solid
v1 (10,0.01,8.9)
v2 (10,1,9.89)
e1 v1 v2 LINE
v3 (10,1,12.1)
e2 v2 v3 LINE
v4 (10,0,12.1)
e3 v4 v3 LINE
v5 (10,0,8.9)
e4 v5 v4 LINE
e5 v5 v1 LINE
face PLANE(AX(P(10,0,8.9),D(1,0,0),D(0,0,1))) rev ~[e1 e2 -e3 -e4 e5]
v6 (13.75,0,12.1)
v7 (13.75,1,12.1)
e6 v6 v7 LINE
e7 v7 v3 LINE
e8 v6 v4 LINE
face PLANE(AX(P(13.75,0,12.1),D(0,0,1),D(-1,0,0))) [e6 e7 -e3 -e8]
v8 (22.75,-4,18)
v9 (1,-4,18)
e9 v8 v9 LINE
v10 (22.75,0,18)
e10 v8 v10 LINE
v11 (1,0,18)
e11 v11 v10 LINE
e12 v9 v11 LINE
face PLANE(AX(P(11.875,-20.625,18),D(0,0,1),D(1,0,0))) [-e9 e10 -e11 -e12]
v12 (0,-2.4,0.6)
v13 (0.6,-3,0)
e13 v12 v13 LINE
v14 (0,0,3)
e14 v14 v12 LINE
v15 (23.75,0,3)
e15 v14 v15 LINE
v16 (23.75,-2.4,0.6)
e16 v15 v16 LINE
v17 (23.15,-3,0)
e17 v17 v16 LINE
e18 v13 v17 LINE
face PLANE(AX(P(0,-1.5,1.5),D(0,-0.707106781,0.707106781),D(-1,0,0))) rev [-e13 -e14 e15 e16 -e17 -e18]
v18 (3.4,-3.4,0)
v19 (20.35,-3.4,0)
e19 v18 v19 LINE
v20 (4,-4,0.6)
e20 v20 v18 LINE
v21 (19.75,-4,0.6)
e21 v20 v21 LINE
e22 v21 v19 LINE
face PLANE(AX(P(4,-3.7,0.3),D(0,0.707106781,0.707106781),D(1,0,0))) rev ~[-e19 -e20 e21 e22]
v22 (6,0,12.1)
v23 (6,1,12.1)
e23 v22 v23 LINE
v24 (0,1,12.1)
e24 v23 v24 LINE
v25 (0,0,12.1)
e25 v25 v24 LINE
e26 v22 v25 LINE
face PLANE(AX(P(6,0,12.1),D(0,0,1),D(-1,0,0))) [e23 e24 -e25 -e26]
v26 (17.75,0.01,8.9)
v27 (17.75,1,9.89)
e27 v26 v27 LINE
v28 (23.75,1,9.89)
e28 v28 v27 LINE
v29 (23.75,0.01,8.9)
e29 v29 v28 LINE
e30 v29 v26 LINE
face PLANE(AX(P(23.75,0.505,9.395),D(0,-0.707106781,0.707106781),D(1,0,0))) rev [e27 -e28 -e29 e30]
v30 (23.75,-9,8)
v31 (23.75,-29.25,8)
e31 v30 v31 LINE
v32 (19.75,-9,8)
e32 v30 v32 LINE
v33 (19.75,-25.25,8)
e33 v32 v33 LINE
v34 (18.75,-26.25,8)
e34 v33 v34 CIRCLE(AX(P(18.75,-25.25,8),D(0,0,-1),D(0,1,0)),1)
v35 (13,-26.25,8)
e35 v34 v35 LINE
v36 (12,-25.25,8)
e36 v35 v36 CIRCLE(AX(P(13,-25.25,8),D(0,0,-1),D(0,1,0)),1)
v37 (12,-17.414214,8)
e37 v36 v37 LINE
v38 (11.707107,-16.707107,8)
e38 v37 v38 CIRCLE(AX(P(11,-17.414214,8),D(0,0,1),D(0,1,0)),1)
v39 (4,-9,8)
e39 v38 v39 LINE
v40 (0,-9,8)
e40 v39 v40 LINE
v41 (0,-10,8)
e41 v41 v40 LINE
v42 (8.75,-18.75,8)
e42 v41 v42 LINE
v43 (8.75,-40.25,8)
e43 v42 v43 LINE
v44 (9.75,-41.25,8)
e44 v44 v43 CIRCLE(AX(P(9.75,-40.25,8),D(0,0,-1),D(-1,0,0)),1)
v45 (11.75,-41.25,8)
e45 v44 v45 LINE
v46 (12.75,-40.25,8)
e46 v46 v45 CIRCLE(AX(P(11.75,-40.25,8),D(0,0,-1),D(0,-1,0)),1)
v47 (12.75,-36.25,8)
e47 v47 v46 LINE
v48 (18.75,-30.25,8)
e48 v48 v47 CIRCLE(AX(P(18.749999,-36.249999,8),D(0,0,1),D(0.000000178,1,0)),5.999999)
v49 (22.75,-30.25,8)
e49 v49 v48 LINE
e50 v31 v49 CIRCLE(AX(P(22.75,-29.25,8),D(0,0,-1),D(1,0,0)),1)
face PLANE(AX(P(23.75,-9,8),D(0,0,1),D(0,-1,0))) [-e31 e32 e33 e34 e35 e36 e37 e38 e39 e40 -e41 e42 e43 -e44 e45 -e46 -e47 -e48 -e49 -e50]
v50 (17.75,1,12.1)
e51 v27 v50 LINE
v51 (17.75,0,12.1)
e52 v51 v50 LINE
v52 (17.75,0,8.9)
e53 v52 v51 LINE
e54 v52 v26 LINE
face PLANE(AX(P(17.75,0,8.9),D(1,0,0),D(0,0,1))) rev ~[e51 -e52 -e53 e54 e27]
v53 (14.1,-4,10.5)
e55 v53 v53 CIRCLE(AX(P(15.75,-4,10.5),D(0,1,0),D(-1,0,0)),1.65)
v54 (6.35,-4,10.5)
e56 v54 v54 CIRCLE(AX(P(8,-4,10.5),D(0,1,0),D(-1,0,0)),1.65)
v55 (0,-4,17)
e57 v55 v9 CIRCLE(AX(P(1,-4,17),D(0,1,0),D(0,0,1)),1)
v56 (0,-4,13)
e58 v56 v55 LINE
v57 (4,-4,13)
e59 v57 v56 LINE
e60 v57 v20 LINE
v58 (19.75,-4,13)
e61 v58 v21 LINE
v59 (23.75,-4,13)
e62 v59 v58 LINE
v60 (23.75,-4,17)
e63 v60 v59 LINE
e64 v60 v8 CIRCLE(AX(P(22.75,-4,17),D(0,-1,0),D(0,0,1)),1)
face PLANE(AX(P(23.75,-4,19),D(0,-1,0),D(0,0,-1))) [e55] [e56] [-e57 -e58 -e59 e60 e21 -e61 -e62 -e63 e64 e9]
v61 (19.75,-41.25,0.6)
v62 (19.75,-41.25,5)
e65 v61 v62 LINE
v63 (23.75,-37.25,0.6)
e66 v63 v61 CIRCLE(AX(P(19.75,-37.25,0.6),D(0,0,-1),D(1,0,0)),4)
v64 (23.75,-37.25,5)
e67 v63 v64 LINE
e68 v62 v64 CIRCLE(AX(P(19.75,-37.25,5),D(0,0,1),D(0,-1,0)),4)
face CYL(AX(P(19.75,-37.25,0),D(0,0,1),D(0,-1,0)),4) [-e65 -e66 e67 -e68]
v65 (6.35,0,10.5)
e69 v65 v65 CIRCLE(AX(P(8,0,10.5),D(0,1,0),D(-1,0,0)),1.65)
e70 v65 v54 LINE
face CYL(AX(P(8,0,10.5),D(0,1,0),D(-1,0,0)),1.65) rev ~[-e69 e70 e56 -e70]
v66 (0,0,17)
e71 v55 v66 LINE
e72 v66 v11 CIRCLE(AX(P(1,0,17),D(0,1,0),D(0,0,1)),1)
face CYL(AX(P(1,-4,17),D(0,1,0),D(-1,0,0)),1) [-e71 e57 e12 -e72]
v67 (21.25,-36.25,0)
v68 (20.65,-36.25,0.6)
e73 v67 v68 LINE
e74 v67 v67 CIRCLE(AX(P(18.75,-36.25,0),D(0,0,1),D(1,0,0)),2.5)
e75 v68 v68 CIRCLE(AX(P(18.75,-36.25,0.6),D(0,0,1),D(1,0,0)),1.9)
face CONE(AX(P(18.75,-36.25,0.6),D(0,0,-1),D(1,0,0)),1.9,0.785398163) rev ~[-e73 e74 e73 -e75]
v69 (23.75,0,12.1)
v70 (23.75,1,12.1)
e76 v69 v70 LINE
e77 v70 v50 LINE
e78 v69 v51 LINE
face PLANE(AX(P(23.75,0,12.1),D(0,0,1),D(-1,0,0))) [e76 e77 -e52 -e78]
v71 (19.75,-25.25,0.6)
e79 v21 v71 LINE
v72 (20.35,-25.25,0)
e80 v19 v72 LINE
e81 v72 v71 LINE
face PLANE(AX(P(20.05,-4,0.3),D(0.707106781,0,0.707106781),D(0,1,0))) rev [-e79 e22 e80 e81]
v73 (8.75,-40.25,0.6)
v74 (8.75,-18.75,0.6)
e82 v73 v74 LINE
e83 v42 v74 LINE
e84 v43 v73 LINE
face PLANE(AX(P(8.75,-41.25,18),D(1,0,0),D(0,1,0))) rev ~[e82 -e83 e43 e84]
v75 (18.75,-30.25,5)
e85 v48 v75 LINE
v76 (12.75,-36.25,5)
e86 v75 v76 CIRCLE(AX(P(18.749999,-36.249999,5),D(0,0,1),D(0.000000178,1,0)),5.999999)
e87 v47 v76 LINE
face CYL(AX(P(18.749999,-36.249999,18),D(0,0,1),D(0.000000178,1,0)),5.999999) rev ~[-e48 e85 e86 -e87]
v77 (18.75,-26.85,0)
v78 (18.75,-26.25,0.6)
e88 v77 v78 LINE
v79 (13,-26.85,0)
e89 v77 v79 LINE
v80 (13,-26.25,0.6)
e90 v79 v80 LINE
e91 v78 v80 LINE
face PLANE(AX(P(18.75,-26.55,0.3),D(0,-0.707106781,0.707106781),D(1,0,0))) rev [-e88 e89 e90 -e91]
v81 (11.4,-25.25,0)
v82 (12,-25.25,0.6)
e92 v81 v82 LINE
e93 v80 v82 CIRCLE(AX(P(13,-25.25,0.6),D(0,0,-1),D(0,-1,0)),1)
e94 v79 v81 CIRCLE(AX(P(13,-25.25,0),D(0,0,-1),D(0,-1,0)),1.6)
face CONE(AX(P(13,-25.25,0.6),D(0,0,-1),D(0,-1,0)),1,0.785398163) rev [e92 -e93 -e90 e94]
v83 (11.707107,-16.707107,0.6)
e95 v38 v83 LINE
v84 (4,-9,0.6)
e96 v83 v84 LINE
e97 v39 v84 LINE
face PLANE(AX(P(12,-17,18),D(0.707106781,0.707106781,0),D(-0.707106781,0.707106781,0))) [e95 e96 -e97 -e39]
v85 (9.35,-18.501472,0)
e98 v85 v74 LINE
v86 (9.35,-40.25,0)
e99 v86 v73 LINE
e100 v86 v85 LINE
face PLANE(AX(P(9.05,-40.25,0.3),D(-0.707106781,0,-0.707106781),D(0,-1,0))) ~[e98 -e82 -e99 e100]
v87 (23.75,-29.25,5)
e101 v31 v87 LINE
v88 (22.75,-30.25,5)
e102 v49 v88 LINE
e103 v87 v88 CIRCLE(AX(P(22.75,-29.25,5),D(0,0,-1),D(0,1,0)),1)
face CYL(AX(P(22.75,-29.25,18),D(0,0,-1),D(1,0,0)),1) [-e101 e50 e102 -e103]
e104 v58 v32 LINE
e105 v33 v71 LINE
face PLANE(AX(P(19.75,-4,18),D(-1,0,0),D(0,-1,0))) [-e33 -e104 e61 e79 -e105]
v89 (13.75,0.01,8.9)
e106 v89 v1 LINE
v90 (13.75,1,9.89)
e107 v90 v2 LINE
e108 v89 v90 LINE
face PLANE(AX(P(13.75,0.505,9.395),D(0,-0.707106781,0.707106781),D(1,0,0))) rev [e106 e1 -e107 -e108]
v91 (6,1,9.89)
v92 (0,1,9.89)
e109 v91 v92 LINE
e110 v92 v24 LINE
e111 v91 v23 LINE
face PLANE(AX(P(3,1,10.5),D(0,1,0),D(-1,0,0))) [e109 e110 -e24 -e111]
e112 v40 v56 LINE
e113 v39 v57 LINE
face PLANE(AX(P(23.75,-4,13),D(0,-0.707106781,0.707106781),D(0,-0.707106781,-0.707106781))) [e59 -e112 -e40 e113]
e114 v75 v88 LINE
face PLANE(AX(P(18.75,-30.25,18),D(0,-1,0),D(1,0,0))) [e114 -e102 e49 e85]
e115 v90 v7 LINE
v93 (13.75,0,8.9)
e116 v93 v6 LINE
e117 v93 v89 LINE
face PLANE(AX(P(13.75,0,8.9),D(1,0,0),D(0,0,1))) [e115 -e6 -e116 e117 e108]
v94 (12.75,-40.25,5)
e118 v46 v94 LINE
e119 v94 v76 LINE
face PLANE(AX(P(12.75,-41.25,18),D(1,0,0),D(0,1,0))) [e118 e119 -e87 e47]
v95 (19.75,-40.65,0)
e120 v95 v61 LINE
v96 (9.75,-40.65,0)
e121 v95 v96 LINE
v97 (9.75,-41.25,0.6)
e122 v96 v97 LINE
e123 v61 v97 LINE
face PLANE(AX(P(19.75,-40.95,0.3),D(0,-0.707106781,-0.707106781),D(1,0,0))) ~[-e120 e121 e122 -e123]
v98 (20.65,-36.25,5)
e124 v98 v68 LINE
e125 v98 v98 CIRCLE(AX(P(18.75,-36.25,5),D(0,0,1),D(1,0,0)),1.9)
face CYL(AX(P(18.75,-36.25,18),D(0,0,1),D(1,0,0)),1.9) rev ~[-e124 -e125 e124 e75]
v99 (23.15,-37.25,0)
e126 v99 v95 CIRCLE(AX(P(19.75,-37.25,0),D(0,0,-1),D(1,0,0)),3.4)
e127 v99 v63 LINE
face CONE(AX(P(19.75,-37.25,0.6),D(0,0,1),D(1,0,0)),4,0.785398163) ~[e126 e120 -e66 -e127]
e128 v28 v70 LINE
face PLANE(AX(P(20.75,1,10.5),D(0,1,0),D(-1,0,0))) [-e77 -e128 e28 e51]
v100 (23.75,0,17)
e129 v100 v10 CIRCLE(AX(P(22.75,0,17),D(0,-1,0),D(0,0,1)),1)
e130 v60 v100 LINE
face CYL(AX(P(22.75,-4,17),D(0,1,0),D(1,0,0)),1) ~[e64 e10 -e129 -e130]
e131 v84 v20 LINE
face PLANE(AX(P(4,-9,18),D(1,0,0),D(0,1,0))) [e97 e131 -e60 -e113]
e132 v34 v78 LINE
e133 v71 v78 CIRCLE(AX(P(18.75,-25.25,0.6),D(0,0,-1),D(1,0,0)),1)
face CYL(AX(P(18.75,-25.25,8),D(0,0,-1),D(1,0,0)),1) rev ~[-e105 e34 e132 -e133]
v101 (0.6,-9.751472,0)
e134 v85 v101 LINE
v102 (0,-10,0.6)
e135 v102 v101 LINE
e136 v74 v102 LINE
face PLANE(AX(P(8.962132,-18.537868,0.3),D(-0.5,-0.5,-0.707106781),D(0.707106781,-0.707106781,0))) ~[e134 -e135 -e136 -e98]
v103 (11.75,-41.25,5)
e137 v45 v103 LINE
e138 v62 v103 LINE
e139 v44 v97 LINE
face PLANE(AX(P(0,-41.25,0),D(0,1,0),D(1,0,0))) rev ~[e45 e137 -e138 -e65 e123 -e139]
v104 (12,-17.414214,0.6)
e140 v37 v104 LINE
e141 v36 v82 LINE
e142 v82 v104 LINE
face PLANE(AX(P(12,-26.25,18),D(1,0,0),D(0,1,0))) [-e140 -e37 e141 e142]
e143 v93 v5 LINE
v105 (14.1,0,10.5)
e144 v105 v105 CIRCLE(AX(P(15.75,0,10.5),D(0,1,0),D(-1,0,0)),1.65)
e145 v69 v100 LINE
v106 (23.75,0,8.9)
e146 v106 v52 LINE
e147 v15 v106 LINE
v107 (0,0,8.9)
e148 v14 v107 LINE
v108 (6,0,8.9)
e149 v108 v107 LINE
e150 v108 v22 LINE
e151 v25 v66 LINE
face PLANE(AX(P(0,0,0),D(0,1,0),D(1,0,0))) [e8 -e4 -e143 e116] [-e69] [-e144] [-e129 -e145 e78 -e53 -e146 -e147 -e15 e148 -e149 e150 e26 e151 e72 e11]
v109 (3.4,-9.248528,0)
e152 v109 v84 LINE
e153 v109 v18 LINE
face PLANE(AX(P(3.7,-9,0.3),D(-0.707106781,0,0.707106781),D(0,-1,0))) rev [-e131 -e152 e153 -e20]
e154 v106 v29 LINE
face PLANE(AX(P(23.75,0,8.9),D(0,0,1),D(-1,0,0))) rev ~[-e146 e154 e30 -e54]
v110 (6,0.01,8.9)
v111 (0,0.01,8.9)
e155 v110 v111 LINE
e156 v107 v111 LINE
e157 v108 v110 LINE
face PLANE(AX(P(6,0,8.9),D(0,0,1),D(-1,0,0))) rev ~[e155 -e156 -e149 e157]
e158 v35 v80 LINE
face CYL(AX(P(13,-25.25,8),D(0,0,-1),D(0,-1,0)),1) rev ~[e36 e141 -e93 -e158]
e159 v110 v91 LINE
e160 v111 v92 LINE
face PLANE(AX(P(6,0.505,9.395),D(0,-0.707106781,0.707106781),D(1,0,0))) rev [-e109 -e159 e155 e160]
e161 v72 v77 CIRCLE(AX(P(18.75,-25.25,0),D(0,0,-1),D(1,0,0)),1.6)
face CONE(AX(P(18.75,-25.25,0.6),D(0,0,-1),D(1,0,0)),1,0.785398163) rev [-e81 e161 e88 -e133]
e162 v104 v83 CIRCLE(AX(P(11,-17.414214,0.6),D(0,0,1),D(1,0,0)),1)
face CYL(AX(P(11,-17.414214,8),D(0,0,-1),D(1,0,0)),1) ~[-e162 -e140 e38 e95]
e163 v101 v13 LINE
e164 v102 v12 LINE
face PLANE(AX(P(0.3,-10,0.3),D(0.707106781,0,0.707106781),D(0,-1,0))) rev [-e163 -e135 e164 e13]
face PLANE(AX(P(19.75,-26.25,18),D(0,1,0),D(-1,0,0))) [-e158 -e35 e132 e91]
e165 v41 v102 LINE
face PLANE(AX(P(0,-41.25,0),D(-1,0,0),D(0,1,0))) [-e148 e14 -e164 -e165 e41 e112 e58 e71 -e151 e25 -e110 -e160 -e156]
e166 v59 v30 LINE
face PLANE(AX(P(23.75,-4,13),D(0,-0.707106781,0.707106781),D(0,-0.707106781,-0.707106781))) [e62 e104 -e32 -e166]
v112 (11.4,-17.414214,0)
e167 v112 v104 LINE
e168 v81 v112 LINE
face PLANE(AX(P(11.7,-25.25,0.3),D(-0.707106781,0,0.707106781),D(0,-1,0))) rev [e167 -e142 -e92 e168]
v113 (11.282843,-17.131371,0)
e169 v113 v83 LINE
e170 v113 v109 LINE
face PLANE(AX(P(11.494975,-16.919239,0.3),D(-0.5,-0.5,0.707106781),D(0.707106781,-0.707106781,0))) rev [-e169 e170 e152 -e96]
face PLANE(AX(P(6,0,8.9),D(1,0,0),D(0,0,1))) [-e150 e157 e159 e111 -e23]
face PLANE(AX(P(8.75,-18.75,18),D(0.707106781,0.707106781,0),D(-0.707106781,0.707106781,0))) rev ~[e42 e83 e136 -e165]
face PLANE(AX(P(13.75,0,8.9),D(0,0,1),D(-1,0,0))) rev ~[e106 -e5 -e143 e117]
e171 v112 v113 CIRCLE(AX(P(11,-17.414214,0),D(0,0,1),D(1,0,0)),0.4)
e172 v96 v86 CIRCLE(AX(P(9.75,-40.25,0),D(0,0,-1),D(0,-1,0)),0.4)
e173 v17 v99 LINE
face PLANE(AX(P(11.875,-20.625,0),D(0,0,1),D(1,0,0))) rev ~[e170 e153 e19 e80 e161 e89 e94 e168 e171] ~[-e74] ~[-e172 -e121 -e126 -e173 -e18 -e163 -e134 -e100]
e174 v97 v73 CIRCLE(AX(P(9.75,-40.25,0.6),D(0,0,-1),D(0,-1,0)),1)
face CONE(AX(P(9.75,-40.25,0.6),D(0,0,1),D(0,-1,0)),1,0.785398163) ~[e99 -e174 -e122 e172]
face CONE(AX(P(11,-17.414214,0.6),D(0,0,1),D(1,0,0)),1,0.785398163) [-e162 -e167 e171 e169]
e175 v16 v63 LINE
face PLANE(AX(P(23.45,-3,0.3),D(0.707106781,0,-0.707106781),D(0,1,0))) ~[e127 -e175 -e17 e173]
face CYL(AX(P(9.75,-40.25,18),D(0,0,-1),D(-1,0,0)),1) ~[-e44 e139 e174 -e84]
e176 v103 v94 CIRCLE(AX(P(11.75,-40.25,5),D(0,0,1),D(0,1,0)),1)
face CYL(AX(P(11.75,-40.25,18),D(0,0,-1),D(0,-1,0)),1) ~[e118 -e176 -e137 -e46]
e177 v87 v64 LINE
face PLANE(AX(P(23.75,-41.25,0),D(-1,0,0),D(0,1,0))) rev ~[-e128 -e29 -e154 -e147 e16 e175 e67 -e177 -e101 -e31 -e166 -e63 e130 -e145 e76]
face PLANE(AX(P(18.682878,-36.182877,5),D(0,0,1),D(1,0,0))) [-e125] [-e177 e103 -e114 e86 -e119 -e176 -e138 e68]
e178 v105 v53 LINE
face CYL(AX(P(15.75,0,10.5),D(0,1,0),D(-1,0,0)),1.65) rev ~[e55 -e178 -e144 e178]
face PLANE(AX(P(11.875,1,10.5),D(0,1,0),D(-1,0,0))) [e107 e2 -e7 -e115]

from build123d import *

# Parameters (mm, degrees)
SKETCH010_W                                = 23.75
SKETCH010_H                                = 41.25
PAD003_DEPTH                               = 18
CHAMFER004013007011015006009007001028_SIZE = 3
SKETCH011_R                                = 1.9
POCKET007_DEPTH                            = 18.001
POCKET008_DEPTH                            = 13
FILLET_R                                   = 4
POCKET009_DEPTH                            = 18.001
FILLET001_R                                = 1
POCKET010_DEPTH                            = 23.751
FILLET002_R                                = 1
POCKET011_DEPTH                            = 18.001
FILLET003_R                                = 1
SKETCH016_R                                = 1.65
POCKET012_DEPTH                            = 41.251
SKETCH017_W                                = 6
SKETCH017_H                                = 3.2
SKETCH017_W_2                              = 3.75
PAD004_DEPTH                               = 1
CHAMFER004013007011015006009007001029_SIZE = 0.99
CHAMFER004013007011015006009007001030_SIZE = 0.6
CHAMFER004013007011015006009007001031_SIZE = 0.6


with BuildPart() as part:
    # Sketch010 → Pad003 (new body)
    with BuildSketch(Plane.XY):
        with Locations((11.875, -20.625)):
            Rectangle(SKETCH010_W, SKETCH010_H)
    extrude(amount=PAD003_DEPTH)

    # Chamfer004013007011015006009007001028
    chamfer004013007011015006009007001028_edges = [part.edges().sort_by_distance(p)[0] for p in [
        (11.875, 0, 0),
    ]]
    chamfer(chamfer004013007011015006009007001028_edges, length=CHAMFER004013007011015006009007001028_SIZE)

    # Sketch011 (on Face4 of Chamfer004013007011015006009007001028) → Pocket007 (cut, through all)
    with BuildSketch(Plane.XY.offset(18)):
        with Locations((18.75, -36.25)):
            Circle(SKETCH011_R)
    extrude(amount=-POCKET007_DEPTH, mode=Mode.SUBTRACT)

    # Sketch012 (on Face4 of Pocket007) → Pocket008 (cut)
    with BuildSketch(Plane.XY.offset(18)):
        with BuildLine():
            ThreePointArc((18.75, -30.25), (14.507359, -32.007359), (12.75, -36.25))
            Line((12.75, -41.25), (12.75, -36.25))
            Line((23.75, -41.25), (12.75, -41.25))
            Line((23.75, -30.25), (23.75, -41.25))
            Line((18.75, -30.25), (23.75, -30.25))
        make_face()
    extrude(amount=-POCKET008_DEPTH, mode=Mode.SUBTRACT)

    # Fillet
    fillet_edges = [part.edges().sort_by_distance(p)[0] for p in [
        (23.75, -41.25, 2.5),
    ]]
    fillet(fillet_edges, radius=FILLET_R)

    # Sketch013 (on Face8 of Fillet) → Pocket009 (cut, through all)
    with BuildSketch(Plane.XY.offset(18)):
        Polygon((0, -10), (0, -41.25), (8.75, -41.25), (8.75, -18.75), align=None)
    extrude(amount=-POCKET009_DEPTH, mode=Mode.SUBTRACT)

    # Fillet001
    fillet001_edges = [part.edges().sort_by_distance(p)[0] for p in [
        (8.75, -41.25, 9),
        (12.75, -41.25, 11.5),
        (23.75, -30.25, 11.5),
    ]]
    fillet(fillet001_edges, radius=FILLET001_R)

    # Sketch014 (on Face1 of Fillet001) → Pocket010 (cut, through all)
    with BuildSketch(Plane.YZ.offset(23.75)):
        Polygon((-42, 8), (-42, 19), (-4, 19), (-4, 13), (-9, 8), align=None)
    extrude(amount=-POCKET010_DEPTH, mode=Mode.SUBTRACT)

    # Fillet002
    fillet002_edges = [part.edges().sort_by_distance(p)[0] for p in [
        (0, -2, 18),
        (23.75, -2, 18),
    ]]
    fillet(fillet002_edges, radius=FILLET002_R)

    # Sketch015 (on Face14 of Fillet002) → Pocket011 (cut, through all)
    with BuildSketch(Plane.XY.offset(18)):
        Polygon((4, -4), (19.75, -4), (19.75, -26.25), (12, -26.25), (12, -17), (4, -9), align=None)
    extrude(amount=-POCKET011_DEPTH, mode=Mode.SUBTRACT)

    # Fillet003
    fillet003_edges = [part.edges().sort_by_distance(p)[0] for p in [
        (12, -26.25, 4),
        (19.75, -26.25, 4),
        (12, -17, 4),
    ]]
    fillet(fillet003_edges, radius=FILLET003_R)

    # Sketch016 (on Face26 of Fillet003) → Pocket012 (cut, through all)
    with BuildSketch(Plane(origin=(0, 0, 0), x_dir=(-1, 0, 0), z_dir=(0, 1, 0))):
        with Locations((-15.75, 10.5)):
            Circle(SKETCH016_R)
        with Locations((-8, 10.5)):
            Circle(SKETCH016_R)
    extrude(amount=-POCKET012_DEPTH, mode=Mode.SUBTRACT)

    # Sketch017 (on Face28 of Pocket012) → Pad004 (join)
    with BuildSketch(Plane(origin=(0, 0, 0), x_dir=(-1, 0, 0), z_dir=(0, 1, 0))):
        with Locations((-20.75, 10.5)):
            Rectangle(SKETCH017_W, SKETCH017_H)
        with Locations((-11.875, 10.5)):
            Rectangle(SKETCH017_W_2, SKETCH017_H)
        with Locations((-3, 10.5)):
            Rectangle(SKETCH017_W, SKETCH017_H)
    extrude(amount=PAD004_DEPTH)

    # Chamfer004013007011015006009007001029
    chamfer004013007011015006009007001029_edges = [part.edges().sort_by_distance(p)[0] for p in [
        (20.75, 1, 8.9),
        (11.875, 1, 8.9),
        (3, 1, 8.9),
    ]]
    chamfer(chamfer004013007011015006009007001029_edges, length=CHAMFER004013007011015006009007001029_SIZE)

    # Chamfer004013007011015006009007001030
    chamfer004013007011015006009007001030_edges = [part.edges().sort_by_distance(p)[0] for p in [
        (0, -6.5, 0),
        (4.375, -14.375, 0),
        (8.75, -29.5, 0),
        (9.042893, -40.957107, 0),
        (14.75, -41.25, 0),
        (22.578427, -40.078427, 0),
        (16.85, -36.25, 0),
        (23.75, -20.125, 0),
    ]]
    chamfer(chamfer004013007011015006009007001030_edges, length=CHAMFER004013007011015006009007001030_SIZE)

    # Chamfer004013007011015006009007001031
    chamfer004013007011015006009007001031_edges = [part.edges().sort_by_distance(p)[0] for p in [
        (11.875, -4, 0),
        (4, -6.5, 0),
        (7.853553, -12.853553, 0),
        (11.92388, -17.03153, 0),
        (12, -21.332107, 0),
        (12.292893, -25.957107, 0),
        (15.875, -26.25, 0),
        (19.457107, -25.957107, 0),
        (19.75, -14.625, 0),
    ]]
    chamfer(chamfer004013007011015006009007001031_edges, length=CHAMFER004013007011015006009007001031_SIZE)


solid = part.part
